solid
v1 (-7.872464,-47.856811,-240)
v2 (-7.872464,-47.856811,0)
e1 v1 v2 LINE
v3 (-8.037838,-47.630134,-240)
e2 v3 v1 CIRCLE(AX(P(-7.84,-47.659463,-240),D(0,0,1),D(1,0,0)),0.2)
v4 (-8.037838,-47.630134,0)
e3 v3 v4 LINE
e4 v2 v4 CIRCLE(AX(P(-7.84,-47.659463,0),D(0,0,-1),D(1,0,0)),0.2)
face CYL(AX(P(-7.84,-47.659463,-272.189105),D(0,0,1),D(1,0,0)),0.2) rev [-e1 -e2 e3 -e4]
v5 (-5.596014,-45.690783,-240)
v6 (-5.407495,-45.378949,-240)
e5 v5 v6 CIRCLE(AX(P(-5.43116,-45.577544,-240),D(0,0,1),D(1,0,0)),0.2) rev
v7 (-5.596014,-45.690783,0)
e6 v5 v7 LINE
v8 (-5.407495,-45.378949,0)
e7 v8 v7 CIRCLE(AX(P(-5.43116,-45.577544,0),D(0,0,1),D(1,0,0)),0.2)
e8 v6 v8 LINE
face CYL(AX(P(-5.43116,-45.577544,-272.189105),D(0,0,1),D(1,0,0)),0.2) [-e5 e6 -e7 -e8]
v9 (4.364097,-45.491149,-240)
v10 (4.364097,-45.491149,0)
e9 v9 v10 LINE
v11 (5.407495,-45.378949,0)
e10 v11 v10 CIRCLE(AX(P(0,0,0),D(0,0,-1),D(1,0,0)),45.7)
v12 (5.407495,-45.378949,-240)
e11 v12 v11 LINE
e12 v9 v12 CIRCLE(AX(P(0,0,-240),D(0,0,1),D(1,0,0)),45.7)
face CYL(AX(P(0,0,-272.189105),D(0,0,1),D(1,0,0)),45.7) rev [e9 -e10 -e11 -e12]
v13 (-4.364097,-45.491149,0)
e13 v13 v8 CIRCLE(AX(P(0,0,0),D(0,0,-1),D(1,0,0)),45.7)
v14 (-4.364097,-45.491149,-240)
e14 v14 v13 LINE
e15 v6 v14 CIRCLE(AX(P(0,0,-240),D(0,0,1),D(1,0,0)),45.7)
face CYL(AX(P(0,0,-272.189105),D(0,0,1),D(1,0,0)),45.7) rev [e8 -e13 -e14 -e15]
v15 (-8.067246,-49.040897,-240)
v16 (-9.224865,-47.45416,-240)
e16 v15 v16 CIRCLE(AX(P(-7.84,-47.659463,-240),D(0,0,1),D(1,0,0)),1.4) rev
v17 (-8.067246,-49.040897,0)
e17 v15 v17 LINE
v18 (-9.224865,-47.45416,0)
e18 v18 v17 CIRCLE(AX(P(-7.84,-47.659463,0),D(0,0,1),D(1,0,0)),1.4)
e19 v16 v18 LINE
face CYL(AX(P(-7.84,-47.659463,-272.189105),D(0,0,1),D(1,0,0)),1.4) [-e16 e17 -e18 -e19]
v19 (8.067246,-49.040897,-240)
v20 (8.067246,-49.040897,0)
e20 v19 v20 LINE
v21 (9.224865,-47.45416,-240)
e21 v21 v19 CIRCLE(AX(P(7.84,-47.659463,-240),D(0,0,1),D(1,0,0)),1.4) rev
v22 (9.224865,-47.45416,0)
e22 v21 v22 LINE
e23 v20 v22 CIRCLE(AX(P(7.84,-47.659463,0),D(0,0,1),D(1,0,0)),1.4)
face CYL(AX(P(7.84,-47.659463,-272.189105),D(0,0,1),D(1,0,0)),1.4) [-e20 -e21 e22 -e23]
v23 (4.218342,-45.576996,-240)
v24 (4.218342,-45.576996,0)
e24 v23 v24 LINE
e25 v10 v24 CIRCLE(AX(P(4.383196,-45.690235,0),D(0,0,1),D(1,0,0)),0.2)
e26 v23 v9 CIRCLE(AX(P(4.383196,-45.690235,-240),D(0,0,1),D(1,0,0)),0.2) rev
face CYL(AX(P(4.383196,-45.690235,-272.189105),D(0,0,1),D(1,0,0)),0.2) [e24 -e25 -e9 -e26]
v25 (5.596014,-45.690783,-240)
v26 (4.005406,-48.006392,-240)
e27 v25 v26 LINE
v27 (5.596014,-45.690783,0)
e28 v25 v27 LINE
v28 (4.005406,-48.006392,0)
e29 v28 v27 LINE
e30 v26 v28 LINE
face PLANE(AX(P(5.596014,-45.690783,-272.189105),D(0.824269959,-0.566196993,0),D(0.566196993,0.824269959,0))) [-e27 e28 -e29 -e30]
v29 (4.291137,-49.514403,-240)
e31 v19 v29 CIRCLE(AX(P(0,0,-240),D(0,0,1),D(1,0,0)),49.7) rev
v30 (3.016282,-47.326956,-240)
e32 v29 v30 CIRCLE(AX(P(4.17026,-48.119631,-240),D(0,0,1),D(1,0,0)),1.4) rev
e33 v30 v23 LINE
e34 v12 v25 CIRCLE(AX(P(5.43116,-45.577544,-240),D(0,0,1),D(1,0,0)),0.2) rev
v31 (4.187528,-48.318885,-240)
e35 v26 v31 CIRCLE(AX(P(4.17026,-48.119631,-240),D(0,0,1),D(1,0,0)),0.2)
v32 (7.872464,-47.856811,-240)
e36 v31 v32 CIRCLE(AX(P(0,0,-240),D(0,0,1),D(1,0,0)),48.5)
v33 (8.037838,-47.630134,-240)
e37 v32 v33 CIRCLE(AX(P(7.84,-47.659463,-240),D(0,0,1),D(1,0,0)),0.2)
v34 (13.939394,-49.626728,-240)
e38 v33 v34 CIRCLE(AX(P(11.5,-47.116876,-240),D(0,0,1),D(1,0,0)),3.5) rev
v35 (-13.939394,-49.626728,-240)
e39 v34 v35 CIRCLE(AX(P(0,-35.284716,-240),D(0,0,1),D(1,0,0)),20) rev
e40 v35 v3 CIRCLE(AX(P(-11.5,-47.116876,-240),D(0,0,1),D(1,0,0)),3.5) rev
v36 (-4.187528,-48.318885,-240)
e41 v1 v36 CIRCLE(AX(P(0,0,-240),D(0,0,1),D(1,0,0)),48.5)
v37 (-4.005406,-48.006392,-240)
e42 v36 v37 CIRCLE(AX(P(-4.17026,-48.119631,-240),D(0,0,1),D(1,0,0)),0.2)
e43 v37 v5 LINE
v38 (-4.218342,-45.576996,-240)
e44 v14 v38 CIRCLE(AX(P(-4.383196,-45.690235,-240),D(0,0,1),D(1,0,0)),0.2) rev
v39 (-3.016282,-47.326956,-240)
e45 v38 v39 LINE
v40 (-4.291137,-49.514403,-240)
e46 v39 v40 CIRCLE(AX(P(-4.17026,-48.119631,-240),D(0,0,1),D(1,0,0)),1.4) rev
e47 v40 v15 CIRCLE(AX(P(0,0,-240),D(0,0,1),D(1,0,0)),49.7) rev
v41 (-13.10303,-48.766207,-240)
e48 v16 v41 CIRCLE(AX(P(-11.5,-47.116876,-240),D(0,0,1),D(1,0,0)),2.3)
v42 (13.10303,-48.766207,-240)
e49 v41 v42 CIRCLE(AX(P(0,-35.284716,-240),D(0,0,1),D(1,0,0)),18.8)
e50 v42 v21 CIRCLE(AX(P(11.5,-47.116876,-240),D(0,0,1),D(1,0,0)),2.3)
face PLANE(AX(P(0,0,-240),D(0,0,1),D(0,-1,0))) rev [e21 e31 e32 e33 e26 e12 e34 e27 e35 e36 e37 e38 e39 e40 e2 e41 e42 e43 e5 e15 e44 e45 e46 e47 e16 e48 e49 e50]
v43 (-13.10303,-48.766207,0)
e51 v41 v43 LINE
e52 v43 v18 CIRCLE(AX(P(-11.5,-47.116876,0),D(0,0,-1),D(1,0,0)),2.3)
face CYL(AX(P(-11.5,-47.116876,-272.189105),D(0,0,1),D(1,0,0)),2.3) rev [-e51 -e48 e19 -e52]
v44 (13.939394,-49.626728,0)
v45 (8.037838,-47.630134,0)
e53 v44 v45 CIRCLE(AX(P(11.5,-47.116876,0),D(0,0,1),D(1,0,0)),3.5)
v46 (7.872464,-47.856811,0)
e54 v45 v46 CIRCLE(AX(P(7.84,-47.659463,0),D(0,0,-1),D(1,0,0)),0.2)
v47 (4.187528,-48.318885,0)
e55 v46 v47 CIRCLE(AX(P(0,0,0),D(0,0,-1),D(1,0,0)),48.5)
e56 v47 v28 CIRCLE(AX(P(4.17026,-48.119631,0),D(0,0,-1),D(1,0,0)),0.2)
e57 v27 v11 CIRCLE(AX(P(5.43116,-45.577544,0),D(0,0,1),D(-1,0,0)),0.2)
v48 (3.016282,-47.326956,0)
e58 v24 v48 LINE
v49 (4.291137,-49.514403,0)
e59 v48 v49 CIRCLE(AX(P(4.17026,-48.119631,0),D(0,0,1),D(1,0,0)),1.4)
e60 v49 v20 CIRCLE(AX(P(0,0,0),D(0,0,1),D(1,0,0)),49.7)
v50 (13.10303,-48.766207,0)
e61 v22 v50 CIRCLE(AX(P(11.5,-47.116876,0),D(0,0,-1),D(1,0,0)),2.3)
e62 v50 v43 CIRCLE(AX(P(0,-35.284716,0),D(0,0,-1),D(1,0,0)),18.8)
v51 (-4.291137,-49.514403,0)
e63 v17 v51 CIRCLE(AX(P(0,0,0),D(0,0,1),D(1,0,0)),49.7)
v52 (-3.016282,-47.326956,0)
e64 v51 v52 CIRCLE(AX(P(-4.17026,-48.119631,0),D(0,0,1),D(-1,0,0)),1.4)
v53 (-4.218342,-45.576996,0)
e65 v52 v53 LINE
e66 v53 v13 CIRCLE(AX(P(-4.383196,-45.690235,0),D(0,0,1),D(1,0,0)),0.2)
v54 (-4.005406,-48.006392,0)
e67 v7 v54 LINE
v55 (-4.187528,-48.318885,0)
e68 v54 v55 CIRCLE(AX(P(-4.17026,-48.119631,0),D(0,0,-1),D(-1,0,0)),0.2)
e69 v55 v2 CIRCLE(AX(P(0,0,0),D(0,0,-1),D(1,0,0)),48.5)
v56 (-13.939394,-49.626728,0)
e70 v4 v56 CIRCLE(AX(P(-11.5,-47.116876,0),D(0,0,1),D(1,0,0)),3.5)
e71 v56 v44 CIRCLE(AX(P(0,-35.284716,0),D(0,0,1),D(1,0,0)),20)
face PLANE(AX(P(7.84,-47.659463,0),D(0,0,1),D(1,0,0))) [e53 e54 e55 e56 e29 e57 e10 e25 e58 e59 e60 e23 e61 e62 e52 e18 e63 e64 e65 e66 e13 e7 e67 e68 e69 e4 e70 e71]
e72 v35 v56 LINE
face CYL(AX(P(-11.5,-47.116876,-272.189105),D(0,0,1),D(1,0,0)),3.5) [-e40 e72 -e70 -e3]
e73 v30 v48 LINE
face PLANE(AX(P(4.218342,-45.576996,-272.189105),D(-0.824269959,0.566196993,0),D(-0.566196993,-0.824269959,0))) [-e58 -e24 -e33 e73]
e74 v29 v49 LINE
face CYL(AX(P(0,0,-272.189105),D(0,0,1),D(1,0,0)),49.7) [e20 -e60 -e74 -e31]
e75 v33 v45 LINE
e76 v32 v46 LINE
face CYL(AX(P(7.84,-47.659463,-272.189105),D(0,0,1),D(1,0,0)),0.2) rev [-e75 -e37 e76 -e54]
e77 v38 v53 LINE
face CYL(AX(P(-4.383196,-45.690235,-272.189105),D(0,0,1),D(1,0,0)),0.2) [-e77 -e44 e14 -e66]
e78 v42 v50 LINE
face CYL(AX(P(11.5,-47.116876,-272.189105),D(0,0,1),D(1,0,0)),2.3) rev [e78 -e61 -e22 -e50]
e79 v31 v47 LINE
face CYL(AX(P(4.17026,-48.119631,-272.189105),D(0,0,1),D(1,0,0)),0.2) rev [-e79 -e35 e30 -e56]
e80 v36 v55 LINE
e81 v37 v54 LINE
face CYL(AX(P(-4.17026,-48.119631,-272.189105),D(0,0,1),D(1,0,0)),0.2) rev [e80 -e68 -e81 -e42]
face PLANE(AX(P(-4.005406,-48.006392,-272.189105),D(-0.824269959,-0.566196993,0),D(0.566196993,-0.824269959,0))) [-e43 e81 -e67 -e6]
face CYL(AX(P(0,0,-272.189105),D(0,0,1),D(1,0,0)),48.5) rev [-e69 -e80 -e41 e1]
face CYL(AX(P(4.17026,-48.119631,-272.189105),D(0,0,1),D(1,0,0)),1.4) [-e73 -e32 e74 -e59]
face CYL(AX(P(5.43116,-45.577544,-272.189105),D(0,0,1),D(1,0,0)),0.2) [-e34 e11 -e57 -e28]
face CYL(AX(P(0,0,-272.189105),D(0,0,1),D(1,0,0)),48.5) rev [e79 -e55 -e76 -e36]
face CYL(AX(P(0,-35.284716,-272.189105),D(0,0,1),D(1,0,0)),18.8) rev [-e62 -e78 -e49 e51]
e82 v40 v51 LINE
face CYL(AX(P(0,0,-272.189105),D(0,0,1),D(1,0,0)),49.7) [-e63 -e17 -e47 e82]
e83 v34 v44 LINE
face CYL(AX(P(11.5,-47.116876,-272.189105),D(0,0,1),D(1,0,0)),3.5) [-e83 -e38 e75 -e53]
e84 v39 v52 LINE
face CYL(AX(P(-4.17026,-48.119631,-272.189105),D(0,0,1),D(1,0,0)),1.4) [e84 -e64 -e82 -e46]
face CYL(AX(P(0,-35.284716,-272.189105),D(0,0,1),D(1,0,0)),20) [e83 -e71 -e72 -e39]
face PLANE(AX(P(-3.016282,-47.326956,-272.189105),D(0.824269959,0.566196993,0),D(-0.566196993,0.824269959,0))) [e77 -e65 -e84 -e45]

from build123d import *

# Parameters (mm, degrees)
BOSS_EXTRUDE1_DEPTH = 240


with BuildPart() as part:
    # Sketch1 → Boss-Extrude1 (new body)
    with BuildSketch(Plane.XY):
        with BuildLine():
            Line((-4.005405916, -48.006392066), (-5.596014404, -45.690783174))
            ThreePointArc((-5.596014404, -45.690783174), (-5.602314544, -45.474072701), (-5.407495225, -45.378948813))
            ThreePointArc((-5.407495225, -45.378948813), (-4.886118258, -45.438044064), (-4.364097153, -45.491149206))
            ThreePointArc((-4.364097153, -45.491149206), (-4.281696906, -45.51790434), (-4.218342055, -45.576995799))
            Line((-4.218342055, -45.576995799), (-3.016281965, -47.326955674))
            ThreePointArc((-3.016281965, -47.326955674), (-2.9606913, -48.824573862), (-4.291137006, -49.514403391))
            ThreePointArc((-4.291137006, -49.514403391), (-6.183725625, -49.313806762), (-8.067246452, -49.040896553))
            ThreePointArc((-8.067246452, -49.040896553), (-8.970999234, -48.484593683), (-9.22486491, -47.4541597))
            ThreePointArc((-9.22486491, -47.4541597), (-12.237087805, -44.938183329), (-13.103030303, -48.766207291))
            ThreePointArc((-13.103030303, -48.766207291), (0, -54.084716391), (13.103030303, -48.766207291))
            ThreePointArc((13.103030303, -48.766207291), (12.237087805, -44.938183329), (9.22486491, -47.4541597))
            ThreePointArc((9.22486491, -47.4541597), (8.970999234, -48.484593683), (8.067246452, -49.040896553))
            ThreePointArc((8.067246452, -49.040896553), (6.183725625, -49.313806762), (4.291137006, -49.514403391))
            ThreePointArc((4.291137006, -49.514403391), (2.9606913, -48.824573862), (3.016281965, -47.326955674))
            Line((3.016281965, -47.326955674), (4.218342055, -45.576995799))
            ThreePointArc((4.218342055, -45.576995799), (4.281696906, -45.51790434), (4.364097153, -45.491149206))
            ThreePointArc((4.364097153, -45.491149206), (4.886118258, -45.438044064), (5.407495225, -45.378948813))
            ThreePointArc((5.407495225, -45.378948813), (5.602314544, -45.474072701), (5.596014404, -45.690783174))
            Line((5.596014404, -45.690783174), (4.005405916, -48.006392066))
            ThreePointArc((4.005405916, -48.006392066), (3.997464392, -48.220337521), (4.187528064, -48.318884597))
            ThreePointArc((4.187528064, -48.318884597), (6.034420378, -48.123131348), (7.872463841, -47.856810519))
            ThreePointArc((7.872463841, -47.856810519), (8.001571382, -47.777338681), (8.037837907, -47.630133826))
            ThreePointArc((8.037837907, -47.630133826), (12.621655355, -43.801474132), (13.939393939, -49.626727987))
            ThreePointArc((13.939393939, -49.626727987), (0, -55.284716391), (-13.939393939, -49.626727987))
            ThreePointArc((-13.939393939, -49.626727987), (-12.621655355, -43.801474132), (-8.037837907, -47.630133826))
            ThreePointArc((-8.037837907, -47.630133826), (-8.001571382, -47.777338681), (-7.872463841, -47.856810519))
            ThreePointArc((-7.872463841, -47.856810519), (-6.034420378, -48.123131348), (-4.187528064, -48.318884597))
            ThreePointArc((-4.187528064, -48.318884597), (-3.997464392, -48.220337521), (-4.005405916, -48.006392066))
        make_face()
    extrude(amount=-BOSS_EXTRUDE1_DEPTH)


solid = part.part
